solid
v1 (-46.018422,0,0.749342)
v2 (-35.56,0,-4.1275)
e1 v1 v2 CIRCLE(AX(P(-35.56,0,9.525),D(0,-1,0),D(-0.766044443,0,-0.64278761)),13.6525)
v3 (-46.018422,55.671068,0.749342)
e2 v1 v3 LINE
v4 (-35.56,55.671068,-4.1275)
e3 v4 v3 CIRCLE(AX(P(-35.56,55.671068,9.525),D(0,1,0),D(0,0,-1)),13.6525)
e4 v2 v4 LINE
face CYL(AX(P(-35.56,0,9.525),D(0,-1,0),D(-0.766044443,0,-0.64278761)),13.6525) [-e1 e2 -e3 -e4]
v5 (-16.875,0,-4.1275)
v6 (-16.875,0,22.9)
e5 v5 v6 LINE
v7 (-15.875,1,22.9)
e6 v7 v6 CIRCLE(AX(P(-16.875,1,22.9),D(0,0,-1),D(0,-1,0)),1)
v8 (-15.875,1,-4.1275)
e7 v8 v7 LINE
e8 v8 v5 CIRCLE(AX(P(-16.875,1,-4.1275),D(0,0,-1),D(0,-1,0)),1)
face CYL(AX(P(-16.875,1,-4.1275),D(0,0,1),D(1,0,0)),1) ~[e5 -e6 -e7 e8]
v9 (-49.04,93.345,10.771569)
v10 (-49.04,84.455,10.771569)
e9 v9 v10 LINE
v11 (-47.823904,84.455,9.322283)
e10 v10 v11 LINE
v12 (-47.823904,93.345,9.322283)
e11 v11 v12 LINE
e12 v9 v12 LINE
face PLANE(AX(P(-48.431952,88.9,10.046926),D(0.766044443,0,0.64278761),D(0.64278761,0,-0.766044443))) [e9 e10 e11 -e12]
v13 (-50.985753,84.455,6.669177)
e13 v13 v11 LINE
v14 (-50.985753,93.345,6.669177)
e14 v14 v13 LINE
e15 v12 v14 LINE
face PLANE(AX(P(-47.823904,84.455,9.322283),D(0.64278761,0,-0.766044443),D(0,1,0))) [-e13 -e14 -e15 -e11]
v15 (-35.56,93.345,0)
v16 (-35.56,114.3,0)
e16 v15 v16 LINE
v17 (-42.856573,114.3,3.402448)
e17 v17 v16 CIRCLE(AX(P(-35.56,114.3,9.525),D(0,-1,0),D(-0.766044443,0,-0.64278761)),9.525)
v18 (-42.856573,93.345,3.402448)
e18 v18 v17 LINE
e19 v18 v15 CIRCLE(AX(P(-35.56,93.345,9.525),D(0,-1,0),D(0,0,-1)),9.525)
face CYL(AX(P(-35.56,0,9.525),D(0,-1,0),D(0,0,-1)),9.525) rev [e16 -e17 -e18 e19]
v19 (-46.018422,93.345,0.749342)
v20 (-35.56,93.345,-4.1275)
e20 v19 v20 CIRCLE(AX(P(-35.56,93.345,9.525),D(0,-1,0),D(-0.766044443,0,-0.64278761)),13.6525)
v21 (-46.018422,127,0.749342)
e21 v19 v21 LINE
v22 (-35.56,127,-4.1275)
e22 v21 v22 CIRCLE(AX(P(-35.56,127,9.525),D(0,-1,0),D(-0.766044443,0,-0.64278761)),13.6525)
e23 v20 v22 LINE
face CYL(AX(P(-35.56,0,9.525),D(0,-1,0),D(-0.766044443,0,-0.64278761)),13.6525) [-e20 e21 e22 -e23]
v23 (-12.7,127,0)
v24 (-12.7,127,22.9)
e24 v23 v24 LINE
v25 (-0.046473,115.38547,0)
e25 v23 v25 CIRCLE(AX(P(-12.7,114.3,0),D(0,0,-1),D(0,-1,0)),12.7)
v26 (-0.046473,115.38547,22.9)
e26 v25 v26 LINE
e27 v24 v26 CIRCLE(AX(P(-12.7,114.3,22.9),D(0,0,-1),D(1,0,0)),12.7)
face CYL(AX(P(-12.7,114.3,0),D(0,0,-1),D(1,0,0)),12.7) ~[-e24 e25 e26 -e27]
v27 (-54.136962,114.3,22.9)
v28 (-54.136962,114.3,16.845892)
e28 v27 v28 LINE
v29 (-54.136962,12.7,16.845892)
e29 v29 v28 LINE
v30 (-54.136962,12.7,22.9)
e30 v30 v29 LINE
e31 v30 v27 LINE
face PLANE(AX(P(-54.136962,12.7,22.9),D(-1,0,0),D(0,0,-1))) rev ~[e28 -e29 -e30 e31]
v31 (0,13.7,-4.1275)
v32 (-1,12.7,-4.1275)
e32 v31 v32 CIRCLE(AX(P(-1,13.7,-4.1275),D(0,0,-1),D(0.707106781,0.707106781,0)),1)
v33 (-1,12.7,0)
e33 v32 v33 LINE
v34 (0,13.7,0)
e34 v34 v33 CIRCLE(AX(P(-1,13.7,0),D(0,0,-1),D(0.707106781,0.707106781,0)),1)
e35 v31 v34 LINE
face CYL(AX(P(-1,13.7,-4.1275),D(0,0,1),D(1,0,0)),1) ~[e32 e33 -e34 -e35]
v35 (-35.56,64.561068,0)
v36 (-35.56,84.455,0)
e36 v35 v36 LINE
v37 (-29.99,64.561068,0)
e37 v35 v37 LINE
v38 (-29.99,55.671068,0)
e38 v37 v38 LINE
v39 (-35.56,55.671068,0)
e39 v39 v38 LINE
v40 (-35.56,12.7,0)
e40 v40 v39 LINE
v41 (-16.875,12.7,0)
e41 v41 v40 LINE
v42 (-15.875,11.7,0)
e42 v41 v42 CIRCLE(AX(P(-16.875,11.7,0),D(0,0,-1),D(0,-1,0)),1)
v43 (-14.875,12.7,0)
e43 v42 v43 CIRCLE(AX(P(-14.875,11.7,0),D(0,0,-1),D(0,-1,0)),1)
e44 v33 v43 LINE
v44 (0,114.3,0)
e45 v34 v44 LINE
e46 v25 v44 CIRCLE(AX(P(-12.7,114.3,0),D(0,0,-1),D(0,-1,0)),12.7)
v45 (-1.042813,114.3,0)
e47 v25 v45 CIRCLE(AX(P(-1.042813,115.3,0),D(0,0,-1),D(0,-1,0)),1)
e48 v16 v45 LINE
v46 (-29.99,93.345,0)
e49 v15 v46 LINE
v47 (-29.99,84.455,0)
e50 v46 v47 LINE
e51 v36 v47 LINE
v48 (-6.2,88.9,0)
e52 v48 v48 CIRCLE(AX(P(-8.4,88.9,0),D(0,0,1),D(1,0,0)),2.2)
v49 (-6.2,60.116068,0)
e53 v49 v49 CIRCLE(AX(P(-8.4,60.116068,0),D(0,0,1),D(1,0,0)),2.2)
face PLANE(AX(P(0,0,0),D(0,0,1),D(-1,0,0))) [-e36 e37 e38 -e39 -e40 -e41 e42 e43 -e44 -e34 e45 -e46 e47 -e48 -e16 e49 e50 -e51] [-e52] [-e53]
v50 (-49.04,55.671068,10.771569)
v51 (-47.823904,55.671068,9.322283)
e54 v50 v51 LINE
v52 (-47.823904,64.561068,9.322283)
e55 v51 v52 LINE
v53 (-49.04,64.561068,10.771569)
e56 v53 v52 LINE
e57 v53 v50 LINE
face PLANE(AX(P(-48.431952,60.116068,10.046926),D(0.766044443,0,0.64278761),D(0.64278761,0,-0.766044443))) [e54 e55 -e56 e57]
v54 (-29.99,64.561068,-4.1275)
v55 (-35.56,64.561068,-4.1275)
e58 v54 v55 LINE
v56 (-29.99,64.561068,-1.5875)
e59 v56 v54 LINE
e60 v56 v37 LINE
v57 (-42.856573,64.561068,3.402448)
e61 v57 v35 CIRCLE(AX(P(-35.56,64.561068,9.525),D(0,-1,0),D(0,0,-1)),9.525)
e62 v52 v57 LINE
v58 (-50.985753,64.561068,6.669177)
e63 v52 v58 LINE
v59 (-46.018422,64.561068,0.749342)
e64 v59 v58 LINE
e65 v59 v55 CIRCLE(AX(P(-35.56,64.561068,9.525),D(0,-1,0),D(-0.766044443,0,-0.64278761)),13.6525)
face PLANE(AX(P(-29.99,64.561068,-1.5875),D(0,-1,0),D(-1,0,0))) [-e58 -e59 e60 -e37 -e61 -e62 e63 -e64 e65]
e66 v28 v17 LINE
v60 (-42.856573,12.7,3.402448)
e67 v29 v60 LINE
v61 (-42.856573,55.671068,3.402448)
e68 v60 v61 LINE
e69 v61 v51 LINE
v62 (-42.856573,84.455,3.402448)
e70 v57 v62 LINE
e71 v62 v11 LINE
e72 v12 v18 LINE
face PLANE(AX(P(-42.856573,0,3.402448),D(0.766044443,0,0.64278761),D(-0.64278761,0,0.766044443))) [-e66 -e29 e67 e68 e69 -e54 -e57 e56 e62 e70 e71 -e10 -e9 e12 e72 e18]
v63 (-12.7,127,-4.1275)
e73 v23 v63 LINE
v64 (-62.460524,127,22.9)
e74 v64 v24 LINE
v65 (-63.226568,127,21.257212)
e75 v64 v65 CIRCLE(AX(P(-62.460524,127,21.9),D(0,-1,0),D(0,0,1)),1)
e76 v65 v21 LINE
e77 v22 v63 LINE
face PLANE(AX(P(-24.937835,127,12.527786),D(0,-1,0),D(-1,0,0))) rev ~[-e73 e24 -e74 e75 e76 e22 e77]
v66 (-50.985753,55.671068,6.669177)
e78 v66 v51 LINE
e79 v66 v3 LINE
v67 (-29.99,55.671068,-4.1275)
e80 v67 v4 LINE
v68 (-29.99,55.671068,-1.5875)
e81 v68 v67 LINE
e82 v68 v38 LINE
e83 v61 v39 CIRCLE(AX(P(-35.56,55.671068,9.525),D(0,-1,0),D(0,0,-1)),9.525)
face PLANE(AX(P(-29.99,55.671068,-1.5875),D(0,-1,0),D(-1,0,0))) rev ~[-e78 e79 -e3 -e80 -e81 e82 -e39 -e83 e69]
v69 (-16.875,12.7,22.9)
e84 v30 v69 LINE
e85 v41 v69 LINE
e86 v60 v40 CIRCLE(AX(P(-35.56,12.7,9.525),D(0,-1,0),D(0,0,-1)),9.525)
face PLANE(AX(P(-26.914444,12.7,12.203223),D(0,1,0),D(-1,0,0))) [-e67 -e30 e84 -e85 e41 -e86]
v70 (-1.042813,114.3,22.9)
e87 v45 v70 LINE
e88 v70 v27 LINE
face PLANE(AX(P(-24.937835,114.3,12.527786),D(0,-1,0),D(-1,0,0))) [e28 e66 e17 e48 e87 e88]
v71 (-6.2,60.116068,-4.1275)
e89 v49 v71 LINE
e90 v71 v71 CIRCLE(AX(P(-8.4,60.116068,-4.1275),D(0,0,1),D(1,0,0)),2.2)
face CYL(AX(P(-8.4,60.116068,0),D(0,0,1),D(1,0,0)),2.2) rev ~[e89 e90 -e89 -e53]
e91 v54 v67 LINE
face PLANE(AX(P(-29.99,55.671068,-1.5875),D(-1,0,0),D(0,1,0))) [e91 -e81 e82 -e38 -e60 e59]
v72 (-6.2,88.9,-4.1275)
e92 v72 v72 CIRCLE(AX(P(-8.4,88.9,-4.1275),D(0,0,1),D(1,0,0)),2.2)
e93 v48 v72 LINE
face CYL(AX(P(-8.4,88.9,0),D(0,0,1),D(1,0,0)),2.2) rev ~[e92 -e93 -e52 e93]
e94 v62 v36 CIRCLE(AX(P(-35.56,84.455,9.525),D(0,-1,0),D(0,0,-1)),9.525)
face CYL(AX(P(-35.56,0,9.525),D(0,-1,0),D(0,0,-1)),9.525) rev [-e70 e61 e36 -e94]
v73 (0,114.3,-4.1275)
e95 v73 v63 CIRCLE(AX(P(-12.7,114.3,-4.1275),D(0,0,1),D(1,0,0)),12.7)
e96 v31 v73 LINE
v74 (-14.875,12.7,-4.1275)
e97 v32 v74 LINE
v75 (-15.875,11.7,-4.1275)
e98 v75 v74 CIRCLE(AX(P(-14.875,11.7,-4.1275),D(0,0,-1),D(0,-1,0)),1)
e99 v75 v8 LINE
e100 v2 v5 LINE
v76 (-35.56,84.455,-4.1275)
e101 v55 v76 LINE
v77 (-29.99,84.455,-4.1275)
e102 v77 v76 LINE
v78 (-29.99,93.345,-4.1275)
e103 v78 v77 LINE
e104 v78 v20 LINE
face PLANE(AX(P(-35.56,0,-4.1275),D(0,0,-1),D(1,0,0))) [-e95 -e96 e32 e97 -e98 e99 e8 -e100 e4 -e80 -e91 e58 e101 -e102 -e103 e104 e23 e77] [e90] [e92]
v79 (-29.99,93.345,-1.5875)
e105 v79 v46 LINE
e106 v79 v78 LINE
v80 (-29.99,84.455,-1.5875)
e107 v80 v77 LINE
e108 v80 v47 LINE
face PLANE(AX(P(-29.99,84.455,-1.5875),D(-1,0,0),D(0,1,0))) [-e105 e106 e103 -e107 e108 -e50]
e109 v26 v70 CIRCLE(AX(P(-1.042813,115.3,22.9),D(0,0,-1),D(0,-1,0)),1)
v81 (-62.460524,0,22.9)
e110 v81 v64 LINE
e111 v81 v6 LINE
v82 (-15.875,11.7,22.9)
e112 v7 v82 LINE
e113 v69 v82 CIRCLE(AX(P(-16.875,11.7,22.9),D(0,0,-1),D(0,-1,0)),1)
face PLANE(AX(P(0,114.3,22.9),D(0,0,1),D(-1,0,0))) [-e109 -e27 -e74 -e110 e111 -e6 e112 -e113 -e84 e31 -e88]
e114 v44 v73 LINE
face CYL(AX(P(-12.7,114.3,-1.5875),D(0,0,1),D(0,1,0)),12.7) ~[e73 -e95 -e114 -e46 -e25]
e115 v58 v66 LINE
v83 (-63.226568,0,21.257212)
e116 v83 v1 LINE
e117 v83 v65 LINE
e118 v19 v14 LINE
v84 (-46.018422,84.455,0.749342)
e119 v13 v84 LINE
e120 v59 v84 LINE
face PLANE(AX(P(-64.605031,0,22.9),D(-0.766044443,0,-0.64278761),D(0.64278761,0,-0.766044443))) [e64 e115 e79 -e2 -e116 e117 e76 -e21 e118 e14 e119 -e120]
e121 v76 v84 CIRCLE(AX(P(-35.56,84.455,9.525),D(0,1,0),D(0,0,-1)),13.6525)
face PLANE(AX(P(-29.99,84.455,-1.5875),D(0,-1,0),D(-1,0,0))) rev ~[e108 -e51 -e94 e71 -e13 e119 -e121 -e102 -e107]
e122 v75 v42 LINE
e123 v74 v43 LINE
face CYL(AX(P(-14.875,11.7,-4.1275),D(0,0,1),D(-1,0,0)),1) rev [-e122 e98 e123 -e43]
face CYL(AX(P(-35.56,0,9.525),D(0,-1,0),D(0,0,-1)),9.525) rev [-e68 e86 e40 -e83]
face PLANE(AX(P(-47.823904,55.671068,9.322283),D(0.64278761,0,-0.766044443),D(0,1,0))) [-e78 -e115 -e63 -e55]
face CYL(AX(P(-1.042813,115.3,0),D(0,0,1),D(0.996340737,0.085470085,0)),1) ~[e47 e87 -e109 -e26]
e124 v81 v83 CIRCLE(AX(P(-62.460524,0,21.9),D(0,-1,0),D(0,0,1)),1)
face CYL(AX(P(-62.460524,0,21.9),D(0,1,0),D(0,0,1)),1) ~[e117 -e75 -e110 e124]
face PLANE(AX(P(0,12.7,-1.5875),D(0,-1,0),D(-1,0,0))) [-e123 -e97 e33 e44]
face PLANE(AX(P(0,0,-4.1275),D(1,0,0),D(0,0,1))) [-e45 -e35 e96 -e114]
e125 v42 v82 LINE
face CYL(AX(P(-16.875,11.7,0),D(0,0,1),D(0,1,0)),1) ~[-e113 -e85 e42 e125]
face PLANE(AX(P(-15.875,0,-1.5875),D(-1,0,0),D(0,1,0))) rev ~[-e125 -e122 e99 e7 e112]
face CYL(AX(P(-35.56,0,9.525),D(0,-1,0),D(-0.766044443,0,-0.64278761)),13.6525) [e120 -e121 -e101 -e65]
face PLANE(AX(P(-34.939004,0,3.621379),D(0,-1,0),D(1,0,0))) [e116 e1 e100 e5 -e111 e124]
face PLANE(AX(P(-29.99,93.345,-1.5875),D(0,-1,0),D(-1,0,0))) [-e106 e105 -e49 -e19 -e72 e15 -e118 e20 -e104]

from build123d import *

# Parameters (mm, degrees)
BOSS_EXTRUDE1_DEPTH     = 127
SKETCH2_R               = 2.049999964
SKETCH2_W               = 19.05
SKETCH2_H               = 8.89
CUT_EXTRUDE1_DEPTH      = 25.48749992
FILLET1_R               = 12.7
BOSS_EXTRUDE2_REACH     = 18.672
SKETCH4_W               = 1.891908828
SKETCH4_H               = 8.89
BOSS_EXTRUDE3_DEPTH     = 12.7
SKETCH6_W               = 15.875
SKETCH6_H               = 12.7
CUT_EXTRUDE2_DEPTH      = 25.48749992
BOSS_EXTRUDE4_DEPTH     = 127
SKETCH8_R               = 2.200000045
SKETCH8_W               = 17.833904447
SKETCH8_H               = 8.89
SKETCH8_W_2             = 15.875
SKETCH8_H_2             = 12.7
CUT_EXTRUDE3_DEPTH      = 23.89999992
CUT_EXTRUDE3_DEPTH_BACK = 5.1275
SKETCH9_W               = 4.918962954
SKETCH9_H               = 8.89
CUT_EXTRUDE4_DEPTH      = 22.500442069
FILLET2_R               = 1
FILLET3_R               = 1
BOSS_EXTRUDE5_DEPTH     = 114.3
BOSS_EXTRUDE6_DEPTH     = 12.7
CUT_EXTRUDE5_DEPTH      = 23.89999992
FILLET4_R               = 1


with BuildPart() as part:
    # Sketch1 → Boss-Extrude1 (new body)
    with BuildSketch(Plane(origin=(0, 0, 0), x_dir=(1, 0, 0), z_dir=(0, 1, 0))):
        with BuildLine():
            Line((0, 0), (-35.56, 0))
            ThreePointArc((-35.56, 0), (-39.585438943, -0.892418328), (-42.856573321, -3.402448018))
            Line((-42.856573321, -3.402448018), (-59.216961931, -22.89999992))
            Line((-59.216961931, -22.89999992), (-60.433057484, -21.87957459))
            Line((-60.433057484, -21.87957459), (-44.072668874, -2.382022687))
            ThreePointArc((-44.072668874, -2.382022687), (-40.256345434, 0.546345283), (-35.56, 1.5875))
            Line((-35.56, 1.5875), (0, 1.5875))
            Line((0, 1.5875), (0, 0))
        make_face()
    extrude(amount=BOSS_EXTRUDE1_DEPTH)

    # Sketch2 → Cut-Extrude1 (cut, through all)
    with BuildSketch(Plane(origin=(0, 0, -1.5875), x_dir=(-1, 0, 0), z_dir=(0, 0, -1))):
        with Locations((8.399999964, 88.9)):
            Circle(SKETCH2_R)
        with Locations((8.399999964, 60.116067728)):
            Circle(SKETCH2_R)
        with Locations((39.514999964, 88.9)):
            Rectangle(SKETCH2_W, SKETCH2_H)
        with Locations((39.514999964, 60.116067728)):
            Rectangle(SKETCH2_W, SKETCH2_H)
    extrude(amount=-CUT_EXTRUDE1_DEPTH, mode=Mode.SUBTRACT)

    # Fillet1
    fillet1_edges = [part.edges().sort_by_distance(p)[0] for p in [
        (0, 0, -0.79375),
        (-59.825009707, 127, 22.389787255),
        (0, 127, -0.79375),
        (-59.825009707, 0, 22.389787255),
    ]]
    fillet(fillet1_edges, radius=FILLET1_R)

    # Boss-Extrude2: up to this face of the body (flat: up to its plane)
    boss_extrude2_end = Plane(part.part.faces().sort_by_distance((-49.039999964, 88.9, 9.536713147))[0])
    # Sketch4 → Boss-Extrude2 (add, up to the picked face)
    with BuildSketch(Plane(origin=(-23.473890996, 0, -19.696933277), x_dir=(0.64278761, 0, -0.766044443), z_dir=(0.766044443, 0, 0.64278761)), mode=Mode.PRIVATE) as boss_extrude2_sk1:
        with Locations((-38.827850468, 88.9)):
            Rectangle(SKETCH4_W, SKETCH4_H)
    boss_extrude2_tool1 = split(extrude(boss_extrude2_sk1.sketch, amount=-BOSS_EXTRUDE2_REACH, mode=Mode.PRIVATE), bisect_by=boss_extrude2_end, keep=Keep.BOTH, mode=Mode.PRIVATE)
    add(boss_extrude2_tool1.solids().sort_by_distance((-48.431952, 88.9, 10.046926))[0])
    # Sketch4 → Boss-Extrude2 (add, up to the picked face)
    with BuildSketch(Plane(origin=(-23.473890996, 0, -19.696933277), x_dir=(0.64278761, 0, -0.766044443), z_dir=(0.766044443, 0, 0.64278761)), mode=Mode.PRIVATE) as boss_extrude2_sk2:
        with Locations((-38.827850468, 60.116067728)):
            Rectangle(SKETCH4_W, SKETCH4_H)
    boss_extrude2_tool2 = split(extrude(boss_extrude2_sk2.sketch, amount=-BOSS_EXTRUDE2_REACH, mode=Mode.PRIVATE), bisect_by=boss_extrude2_end, keep=Keep.BOTH, mode=Mode.PRIVATE)
    add(boss_extrude2_tool2.solids().sort_by_distance((-48.431952, 60.116068, 10.046926))[0])

    # Sketch5 → Boss-Extrude3 (add)
    with BuildSketch(Plane.XZ):
        with BuildLine():
            Line((-44.072668874, 2.382022687), (-60.433057484, 21.87957459))
            Line((-60.433057484, 21.87957459), (-59.216961931, 22.89999992))
            Line((-59.216961931, 22.89999992), (0, 22.89999992))
            Line((0, 22.89999992), (0, -1.5875))
            Line((0, -1.5875), (-35.56, -1.5875))
            ThreePointArc((-35.56, -1.5875), (-40.256345434, -0.546345283), (-44.072668874, 2.382022687))
        make_face()
    extrude(amount=-BOSS_EXTRUDE3_DEPTH)

    # Sketch6 → Cut-Extrude2 (cut, through all)
    with BuildSketch(Plane(origin=(0, 0, -1.5875), x_dir=(-1, 0, 0), z_dir=(0, 0, -1))):
        with Locations((7.9375, 6.35)):
            Rectangle(SKETCH6_W, SKETCH6_H)
    extrude(amount=-CUT_EXTRUDE2_DEPTH, mode=Mode.SUBTRACT)

    # Sketch7 → Boss-Extrude4 (add)
    with BuildSketch(Plane.XZ):
        with BuildLine():
            Line((-59.216961931, 22.89999992), (-64.605030517, 22.89999992))
            Line((-64.605030517, 22.89999992), (-46.01842176, 0.749342159))
            ThreePointArc((-46.01842176, 0.749342159), (-41.329795818, -2.848367063), (-35.56, -4.1275))
            Line((-35.56, -4.1275), (0, -4.1275))
            Line((0, -4.1275), (0, -1.5875))
            Line((0, -1.5875), (-15.875, -1.5875))
            Line((-15.875, -1.5875), (-35.56, -1.5875))
            ThreePointArc((-35.56, -1.5875), (-40.256345434, -0.546345283), (-44.072668874, 2.382022687))
            Line((-44.072668874, 2.382022687), (-52.269654841, 12.150810162))
            Line((-52.269654841, 12.150810162), (-51.053559288, 13.171235492))
            Line((-51.053559288, 13.171235492), (-59.216961931, 22.89999992))
        make_face()
    extrude(amount=-BOSS_EXTRUDE4_DEPTH)

    # Sketch8 → Cut-Extrude3 (cut, two sides)
    with BuildSketch(Plane.XY) as cut_extrude3_sk:
        with Locations((-8.399999964, 88.9)):
            Circle(SKETCH8_R)
        with Locations((-8.399999964, 60.116067728)):
            Circle(SKETCH8_R)
        with BuildLine():
            Line((-12.7, 127), (0, 127))
            Line((0, 127), (0, 114.3))
            ThreePointArc((0, 114.3), (-3.719743879, 123.280256121), (-12.7, 127))
        make_face()
        with Locations((-38.906952188, 88.9)):
            Rectangle(SKETCH8_W, SKETCH8_H)
        with Locations((-38.906952188, 60.116067728)):
            Rectangle(SKETCH8_W, SKETCH8_H)
        with Locations((-7.9375, 6.35)):
            Rectangle(SKETCH8_W_2, SKETCH8_H_2)
    extrude(amount=CUT_EXTRUDE3_DEPTH, mode=Mode.SUBTRACT)
    extrude(cut_extrude3_sk.sketch, amount=-CUT_EXTRUDE3_DEPTH_BACK, mode=Mode.SUBTRACT)

    # Sketch9 → Cut-Extrude4 (cut, through all)
    with BuildSketch(Plane(origin=(-23.473890996, 0, -19.696933277), x_dir=(0.64278761, 0, -0.766044443), z_dir=(0.766044443, 0, 0.64278761))):
        with Locations((-35.422414577, 88.9)):
            Rectangle(SKETCH9_W, SKETCH9_H)
        with Locations((-35.422414577, 60.116067728)):
            Rectangle(SKETCH9_W, SKETCH9_H)
    extrude(amount=-CUT_EXTRUDE4_DEPTH, mode=Mode.SUBTRACT)

    # Fillet2
    fillet2_edges = [part.edges().sort_by_distance(p)[0] for p in [
        (0, 12.7, -2.06375),
        (-15.875, 12.7, 11.44999996),
        (-15.875, 0, 9.38624996),
        (-64.605030517, 63.5, 22.89999992),
    ]]
    fillet(fillet2_edges, radius=FILLET2_R)

    # Fillet3
    fillet3_edges = [part.edges().sort_by_distance(p)[0] for p in [
        (-15.875, 12.7, -2.06375),
    ]]
    fillet(fillet3_edges, radius=FILLET3_R)

    # Sketch10 → Boss-Extrude5 (add)
    with BuildSketch(Plane(origin=(0, 12.7, 0), x_dir=(1, 0, 0), z_dir=(0, 1, 0))):
        Polygon((-59.216961931, -22.89999992), (-54.136961931, -22.89999992), (-54.136961931, -16.84589167), align=None)
    extrude(amount=BOSS_EXTRUDE5_DEPTH)

    # Sketch11 → Boss-Extrude6 (add)
    with BuildSketch(Plane(origin=(0, 114.3, 0), x_dir=(1, 0, 0), z_dir=(0, 1, 0))):
        with BuildLine():
            Line((-54.136961931, -22.89999992), (-54.136961931, -16.84589167))
            Line((-54.136961931, -16.84589167), (-42.856573321, -3.402448018))
            ThreePointArc((-42.856573321, -3.402448018), (-39.585438943, -0.892418328), (-35.56, 0))
            Line((-35.56, 0), (0, 0))
            Line((0, 0), (0, -22.89999992))
            Line((0, -22.89999992), (-54.136961931, -22.89999992))
        make_face()
    extrude(amount=BOSS_EXTRUDE6_DEPTH)

    # Sketch12 → Cut-Extrude5 (cut, through all)
    with BuildSketch(Plane(origin=(0, 0, 0), x_dir=(-1, 0, 0), z_dir=(0, 0, -1))):
        with BuildLine():
            Line((12.7, 127), (0, 127))
            Line((0, 127), (0, 114.3))
            ThreePointArc((0, 114.3), (3.719743879, 123.280256121), (12.7, 127))
        make_face()
    extrude(amount=-CUT_EXTRUDE5_DEPTH, mode=Mode.SUBTRACT)

    # Fillet4
    fillet4_edges = [part.edges().sort_by_distance(p)[0] for p in [
        (0, 114.3, 11.44999996),
    ]]
    fillet(fillet4_edges, radius=FILLET4_R)


solid = part.part
